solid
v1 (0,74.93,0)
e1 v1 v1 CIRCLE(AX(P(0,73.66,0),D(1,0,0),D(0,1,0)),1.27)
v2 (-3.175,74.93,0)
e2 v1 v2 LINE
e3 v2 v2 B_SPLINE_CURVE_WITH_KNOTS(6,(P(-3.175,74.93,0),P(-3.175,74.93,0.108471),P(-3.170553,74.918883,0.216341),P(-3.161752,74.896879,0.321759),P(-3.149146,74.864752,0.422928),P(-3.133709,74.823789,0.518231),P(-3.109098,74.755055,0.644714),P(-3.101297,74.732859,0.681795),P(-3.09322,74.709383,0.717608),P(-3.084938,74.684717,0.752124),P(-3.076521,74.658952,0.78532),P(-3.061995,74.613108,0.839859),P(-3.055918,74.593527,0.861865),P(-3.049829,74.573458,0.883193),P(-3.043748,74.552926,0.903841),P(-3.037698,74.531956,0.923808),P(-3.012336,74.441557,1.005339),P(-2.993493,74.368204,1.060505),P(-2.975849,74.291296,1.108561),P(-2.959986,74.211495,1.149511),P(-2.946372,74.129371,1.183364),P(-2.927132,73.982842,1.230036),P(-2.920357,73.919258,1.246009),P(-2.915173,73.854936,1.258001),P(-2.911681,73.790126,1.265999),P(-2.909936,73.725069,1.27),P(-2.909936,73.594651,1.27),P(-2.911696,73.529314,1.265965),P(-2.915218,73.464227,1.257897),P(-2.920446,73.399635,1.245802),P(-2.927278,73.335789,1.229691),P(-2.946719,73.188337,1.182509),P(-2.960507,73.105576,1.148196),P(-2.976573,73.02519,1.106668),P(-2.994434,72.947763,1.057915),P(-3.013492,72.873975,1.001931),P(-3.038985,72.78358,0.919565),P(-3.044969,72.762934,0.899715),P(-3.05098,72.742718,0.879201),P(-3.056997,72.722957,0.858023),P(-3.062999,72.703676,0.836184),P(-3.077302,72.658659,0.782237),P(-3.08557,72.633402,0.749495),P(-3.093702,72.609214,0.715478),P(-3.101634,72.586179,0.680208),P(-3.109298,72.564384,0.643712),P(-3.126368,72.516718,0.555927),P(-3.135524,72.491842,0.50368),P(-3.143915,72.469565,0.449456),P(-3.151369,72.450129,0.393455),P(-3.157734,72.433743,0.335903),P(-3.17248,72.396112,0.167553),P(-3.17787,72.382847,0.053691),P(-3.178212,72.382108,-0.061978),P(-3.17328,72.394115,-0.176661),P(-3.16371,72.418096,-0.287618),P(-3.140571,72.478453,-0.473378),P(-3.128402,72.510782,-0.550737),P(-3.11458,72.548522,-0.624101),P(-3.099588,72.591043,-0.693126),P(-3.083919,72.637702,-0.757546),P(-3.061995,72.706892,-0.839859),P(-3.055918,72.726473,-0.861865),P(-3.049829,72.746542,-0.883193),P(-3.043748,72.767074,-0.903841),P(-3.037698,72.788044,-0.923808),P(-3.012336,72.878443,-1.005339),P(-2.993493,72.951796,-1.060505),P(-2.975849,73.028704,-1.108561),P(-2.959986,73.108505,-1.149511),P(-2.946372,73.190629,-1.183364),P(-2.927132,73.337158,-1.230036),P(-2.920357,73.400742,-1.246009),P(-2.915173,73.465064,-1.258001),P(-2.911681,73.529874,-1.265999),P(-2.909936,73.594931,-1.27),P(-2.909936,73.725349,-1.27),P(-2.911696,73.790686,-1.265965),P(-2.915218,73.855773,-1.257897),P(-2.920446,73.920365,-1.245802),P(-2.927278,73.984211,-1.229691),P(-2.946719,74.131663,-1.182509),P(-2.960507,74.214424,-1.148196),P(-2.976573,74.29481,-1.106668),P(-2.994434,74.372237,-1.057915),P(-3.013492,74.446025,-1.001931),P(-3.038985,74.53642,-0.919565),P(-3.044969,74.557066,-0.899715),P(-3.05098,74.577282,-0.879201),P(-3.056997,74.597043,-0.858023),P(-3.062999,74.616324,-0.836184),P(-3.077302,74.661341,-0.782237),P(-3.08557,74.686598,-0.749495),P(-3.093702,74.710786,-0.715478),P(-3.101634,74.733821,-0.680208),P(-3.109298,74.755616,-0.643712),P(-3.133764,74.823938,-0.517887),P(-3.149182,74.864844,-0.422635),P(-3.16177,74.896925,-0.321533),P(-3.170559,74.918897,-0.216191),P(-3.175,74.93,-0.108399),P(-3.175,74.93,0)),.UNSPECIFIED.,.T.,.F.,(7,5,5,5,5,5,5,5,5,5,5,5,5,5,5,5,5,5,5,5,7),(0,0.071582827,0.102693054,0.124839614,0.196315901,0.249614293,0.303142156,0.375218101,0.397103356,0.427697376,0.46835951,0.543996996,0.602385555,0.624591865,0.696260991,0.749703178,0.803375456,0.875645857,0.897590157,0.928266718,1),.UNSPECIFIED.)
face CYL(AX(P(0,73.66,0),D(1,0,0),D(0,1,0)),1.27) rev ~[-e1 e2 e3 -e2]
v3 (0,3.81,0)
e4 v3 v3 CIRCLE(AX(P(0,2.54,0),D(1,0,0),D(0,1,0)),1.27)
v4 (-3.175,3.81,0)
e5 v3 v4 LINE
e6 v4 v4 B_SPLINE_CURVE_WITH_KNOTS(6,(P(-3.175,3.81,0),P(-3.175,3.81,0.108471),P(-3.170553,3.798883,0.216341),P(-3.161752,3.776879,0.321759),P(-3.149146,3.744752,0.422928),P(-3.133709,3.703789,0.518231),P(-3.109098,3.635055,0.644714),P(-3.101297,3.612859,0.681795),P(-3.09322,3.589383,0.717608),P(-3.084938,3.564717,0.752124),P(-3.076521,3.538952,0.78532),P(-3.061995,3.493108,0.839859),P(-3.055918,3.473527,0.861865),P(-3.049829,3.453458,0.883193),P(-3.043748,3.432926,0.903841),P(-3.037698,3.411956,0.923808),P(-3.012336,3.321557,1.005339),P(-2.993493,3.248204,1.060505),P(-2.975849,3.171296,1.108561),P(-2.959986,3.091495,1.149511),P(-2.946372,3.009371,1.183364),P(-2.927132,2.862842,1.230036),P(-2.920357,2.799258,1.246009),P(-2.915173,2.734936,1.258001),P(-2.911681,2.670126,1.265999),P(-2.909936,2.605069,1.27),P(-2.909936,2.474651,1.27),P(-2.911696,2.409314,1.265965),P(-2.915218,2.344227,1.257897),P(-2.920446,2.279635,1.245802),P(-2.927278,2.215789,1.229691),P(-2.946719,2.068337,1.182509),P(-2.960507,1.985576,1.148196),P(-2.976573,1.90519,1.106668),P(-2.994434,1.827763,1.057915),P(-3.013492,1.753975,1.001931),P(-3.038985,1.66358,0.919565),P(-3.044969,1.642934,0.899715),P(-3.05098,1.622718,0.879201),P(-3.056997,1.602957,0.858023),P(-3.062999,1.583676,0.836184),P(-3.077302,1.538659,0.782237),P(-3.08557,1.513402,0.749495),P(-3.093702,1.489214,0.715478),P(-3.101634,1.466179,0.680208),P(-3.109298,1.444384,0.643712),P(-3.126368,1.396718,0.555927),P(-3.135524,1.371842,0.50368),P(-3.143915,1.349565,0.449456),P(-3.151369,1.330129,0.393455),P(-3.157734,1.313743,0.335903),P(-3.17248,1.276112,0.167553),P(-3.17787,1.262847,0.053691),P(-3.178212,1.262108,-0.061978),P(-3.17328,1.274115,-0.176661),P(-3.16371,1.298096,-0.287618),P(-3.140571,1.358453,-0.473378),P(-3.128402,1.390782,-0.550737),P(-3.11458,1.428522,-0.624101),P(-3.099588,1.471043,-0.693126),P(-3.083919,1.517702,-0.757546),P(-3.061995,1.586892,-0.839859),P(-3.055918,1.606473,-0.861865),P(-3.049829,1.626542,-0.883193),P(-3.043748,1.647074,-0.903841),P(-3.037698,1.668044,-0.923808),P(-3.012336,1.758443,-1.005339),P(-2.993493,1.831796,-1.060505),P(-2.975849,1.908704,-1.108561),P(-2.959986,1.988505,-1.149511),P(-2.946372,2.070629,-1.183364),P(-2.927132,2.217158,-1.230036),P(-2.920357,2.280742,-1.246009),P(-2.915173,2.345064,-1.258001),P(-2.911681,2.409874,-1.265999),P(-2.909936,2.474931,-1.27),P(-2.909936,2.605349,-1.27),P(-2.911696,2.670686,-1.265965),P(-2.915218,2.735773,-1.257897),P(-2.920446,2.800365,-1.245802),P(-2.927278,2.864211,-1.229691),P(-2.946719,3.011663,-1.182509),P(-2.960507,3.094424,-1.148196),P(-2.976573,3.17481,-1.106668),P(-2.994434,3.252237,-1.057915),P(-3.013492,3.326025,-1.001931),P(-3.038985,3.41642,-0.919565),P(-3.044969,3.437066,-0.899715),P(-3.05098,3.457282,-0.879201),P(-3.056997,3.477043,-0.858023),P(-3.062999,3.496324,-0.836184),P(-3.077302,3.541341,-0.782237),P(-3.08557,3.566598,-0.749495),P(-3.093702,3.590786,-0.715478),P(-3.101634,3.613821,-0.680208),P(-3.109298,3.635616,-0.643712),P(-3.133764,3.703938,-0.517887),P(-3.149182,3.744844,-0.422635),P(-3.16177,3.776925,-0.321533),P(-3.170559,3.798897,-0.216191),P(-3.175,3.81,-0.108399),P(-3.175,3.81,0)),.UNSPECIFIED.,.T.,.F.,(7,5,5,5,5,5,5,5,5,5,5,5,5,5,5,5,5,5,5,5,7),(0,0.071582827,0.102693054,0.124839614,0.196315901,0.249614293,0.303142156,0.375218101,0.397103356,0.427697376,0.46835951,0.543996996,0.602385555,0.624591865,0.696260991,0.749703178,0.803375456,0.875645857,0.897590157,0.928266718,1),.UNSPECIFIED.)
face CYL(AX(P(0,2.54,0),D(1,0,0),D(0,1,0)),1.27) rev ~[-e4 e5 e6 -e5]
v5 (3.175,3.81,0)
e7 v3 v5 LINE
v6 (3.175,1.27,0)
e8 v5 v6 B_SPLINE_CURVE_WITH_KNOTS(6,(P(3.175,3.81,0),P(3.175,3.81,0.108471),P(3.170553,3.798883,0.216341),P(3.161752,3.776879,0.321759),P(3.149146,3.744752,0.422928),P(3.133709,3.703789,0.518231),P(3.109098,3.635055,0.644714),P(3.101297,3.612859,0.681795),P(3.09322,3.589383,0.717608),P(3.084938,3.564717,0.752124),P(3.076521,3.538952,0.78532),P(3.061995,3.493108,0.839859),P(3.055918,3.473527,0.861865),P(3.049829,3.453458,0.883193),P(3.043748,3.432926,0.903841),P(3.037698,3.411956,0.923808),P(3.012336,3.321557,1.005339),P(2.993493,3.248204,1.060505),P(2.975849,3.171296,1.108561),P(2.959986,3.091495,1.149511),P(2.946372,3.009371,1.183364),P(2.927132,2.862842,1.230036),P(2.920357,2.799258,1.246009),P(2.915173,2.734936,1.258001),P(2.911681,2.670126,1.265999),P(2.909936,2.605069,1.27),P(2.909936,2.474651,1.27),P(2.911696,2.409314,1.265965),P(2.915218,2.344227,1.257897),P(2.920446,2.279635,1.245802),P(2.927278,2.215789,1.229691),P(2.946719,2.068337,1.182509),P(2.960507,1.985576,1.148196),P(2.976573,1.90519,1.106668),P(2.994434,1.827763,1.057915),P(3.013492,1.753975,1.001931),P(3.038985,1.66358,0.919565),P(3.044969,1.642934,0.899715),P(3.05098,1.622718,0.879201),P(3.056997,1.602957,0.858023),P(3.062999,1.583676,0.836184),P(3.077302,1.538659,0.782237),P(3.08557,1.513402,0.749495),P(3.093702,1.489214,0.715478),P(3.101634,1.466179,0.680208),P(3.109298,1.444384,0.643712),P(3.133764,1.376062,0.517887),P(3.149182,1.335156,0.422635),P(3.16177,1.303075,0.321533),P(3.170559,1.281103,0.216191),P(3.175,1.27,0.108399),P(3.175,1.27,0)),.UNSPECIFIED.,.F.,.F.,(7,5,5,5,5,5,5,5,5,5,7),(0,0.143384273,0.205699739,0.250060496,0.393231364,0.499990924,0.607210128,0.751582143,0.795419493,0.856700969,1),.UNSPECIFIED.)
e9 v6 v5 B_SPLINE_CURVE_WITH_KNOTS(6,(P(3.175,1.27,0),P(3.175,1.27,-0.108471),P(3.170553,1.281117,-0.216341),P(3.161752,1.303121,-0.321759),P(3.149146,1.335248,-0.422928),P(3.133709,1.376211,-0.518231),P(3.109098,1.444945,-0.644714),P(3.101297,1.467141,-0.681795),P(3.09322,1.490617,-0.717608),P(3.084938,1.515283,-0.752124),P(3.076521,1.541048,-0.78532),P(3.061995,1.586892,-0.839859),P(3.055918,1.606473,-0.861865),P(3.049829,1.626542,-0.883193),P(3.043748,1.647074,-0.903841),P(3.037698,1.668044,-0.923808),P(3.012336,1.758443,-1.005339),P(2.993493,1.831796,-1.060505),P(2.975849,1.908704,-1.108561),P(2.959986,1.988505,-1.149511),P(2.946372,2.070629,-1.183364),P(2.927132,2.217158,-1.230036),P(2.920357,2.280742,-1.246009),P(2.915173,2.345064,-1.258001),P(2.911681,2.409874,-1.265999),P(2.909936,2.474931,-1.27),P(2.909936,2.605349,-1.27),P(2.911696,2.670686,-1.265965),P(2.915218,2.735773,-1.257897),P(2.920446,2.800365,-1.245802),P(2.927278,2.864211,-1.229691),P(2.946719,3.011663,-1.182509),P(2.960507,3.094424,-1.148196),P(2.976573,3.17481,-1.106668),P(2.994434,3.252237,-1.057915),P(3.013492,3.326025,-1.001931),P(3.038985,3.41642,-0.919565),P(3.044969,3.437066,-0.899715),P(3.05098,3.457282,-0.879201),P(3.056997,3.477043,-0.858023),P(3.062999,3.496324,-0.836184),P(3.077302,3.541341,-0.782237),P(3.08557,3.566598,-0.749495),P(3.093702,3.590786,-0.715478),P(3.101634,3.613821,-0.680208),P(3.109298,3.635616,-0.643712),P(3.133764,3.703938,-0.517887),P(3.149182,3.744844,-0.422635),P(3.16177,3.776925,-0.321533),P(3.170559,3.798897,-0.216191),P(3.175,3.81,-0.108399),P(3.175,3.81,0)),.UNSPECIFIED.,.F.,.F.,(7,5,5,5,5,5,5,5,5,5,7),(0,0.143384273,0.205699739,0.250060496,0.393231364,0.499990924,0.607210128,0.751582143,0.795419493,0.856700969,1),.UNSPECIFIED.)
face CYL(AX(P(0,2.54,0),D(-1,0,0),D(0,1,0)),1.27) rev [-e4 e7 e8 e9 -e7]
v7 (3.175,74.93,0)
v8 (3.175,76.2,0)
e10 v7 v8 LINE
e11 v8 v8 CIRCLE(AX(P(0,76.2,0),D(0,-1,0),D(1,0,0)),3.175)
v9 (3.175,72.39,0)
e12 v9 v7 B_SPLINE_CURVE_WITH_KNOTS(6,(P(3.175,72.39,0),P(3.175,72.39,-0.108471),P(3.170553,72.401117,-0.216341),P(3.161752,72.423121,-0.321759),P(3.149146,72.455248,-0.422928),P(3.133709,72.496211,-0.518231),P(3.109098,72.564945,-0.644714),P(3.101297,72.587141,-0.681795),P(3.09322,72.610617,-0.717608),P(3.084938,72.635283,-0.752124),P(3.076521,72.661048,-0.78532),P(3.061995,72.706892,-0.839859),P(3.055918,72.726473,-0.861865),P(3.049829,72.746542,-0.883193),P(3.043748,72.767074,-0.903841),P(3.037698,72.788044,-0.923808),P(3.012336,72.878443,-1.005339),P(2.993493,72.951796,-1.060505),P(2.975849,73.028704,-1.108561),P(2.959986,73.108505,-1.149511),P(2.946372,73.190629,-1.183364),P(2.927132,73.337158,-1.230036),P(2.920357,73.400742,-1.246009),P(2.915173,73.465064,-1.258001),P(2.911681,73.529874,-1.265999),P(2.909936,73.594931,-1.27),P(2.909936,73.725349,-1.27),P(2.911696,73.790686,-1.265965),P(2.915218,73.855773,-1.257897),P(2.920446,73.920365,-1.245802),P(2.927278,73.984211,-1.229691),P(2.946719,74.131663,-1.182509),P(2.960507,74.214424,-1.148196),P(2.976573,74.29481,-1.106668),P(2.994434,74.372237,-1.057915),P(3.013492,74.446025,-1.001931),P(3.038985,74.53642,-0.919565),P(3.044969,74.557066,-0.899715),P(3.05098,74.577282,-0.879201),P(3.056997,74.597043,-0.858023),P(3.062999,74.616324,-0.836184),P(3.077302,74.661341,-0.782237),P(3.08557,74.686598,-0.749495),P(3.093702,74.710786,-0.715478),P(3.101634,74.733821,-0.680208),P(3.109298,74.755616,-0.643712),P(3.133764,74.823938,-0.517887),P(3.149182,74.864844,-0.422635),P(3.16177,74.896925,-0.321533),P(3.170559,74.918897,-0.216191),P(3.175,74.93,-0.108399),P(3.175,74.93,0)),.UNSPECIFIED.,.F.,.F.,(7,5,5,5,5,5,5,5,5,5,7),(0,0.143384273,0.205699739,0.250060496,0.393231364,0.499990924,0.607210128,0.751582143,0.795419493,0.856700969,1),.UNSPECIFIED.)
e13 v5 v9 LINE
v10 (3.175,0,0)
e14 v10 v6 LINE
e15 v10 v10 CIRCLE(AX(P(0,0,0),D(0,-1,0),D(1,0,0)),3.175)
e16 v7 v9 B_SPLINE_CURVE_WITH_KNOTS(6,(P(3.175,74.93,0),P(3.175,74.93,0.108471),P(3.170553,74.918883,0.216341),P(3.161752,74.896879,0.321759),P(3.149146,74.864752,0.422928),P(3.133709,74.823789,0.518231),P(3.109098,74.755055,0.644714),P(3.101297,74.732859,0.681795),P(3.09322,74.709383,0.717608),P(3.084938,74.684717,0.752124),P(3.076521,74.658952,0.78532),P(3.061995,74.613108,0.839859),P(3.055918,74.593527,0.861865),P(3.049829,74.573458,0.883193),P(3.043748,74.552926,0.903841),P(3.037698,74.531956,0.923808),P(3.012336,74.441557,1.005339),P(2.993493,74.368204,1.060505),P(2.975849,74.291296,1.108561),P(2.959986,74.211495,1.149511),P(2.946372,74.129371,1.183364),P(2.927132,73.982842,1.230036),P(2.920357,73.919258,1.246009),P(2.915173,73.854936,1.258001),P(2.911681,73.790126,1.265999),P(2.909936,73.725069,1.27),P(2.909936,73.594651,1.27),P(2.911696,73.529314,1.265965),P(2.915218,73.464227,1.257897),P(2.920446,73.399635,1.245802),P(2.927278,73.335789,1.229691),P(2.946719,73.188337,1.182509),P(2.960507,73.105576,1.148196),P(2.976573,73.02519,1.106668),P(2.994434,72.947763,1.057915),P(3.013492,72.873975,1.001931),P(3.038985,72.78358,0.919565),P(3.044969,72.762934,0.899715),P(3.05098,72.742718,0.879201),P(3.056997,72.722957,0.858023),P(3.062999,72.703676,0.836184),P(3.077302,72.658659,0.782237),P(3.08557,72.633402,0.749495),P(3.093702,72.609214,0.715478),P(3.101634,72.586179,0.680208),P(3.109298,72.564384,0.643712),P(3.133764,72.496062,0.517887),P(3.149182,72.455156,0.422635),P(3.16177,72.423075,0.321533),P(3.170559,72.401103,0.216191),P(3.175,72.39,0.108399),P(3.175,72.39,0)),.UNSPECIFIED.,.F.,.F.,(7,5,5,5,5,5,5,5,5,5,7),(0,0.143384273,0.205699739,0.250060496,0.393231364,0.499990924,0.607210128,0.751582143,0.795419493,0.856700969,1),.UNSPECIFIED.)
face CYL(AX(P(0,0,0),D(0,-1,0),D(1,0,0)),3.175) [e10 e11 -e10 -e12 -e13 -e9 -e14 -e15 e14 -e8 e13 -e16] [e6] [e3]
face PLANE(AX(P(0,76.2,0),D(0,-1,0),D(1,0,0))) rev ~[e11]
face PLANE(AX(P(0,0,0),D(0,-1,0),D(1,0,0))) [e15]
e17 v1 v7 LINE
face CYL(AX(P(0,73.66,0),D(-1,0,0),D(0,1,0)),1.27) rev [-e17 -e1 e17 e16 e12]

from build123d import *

# Parameters (mm, degrees)
F0_R     = 3.175
F1_DEPTH = 76.2
F2_R     = 1.27
F3_DEPTH = 3.176
F4_DEPTH = 3.176


with BuildPart() as f1:
    # F0 (on Front) → F1 (new body)
    with BuildSketch(Plane.XZ):
        Circle(F0_R)
    extrude(amount=-F1_DEPTH)

    # F2 (on Right) → F3 (cut, through all)
    with BuildSketch(Plane.YZ):
        with Locations((2.54, 0)):
            Circle(F2_R)
        with Locations((73.66, 0)):
            Circle(F2_R)
    extrude(amount=F3_DEPTH, mode=Mode.SUBTRACT)

    # F2 (on Right) → F4 (cut, through all)
    with BuildSketch(Plane.YZ):
        with Locations((2.54, 0)):
            Circle(F2_R)
        with Locations((73.66, 0)):
            Circle(F2_R)
    extrude(amount=-F4_DEPTH, mode=Mode.SUBTRACT)


solid = f1.part
